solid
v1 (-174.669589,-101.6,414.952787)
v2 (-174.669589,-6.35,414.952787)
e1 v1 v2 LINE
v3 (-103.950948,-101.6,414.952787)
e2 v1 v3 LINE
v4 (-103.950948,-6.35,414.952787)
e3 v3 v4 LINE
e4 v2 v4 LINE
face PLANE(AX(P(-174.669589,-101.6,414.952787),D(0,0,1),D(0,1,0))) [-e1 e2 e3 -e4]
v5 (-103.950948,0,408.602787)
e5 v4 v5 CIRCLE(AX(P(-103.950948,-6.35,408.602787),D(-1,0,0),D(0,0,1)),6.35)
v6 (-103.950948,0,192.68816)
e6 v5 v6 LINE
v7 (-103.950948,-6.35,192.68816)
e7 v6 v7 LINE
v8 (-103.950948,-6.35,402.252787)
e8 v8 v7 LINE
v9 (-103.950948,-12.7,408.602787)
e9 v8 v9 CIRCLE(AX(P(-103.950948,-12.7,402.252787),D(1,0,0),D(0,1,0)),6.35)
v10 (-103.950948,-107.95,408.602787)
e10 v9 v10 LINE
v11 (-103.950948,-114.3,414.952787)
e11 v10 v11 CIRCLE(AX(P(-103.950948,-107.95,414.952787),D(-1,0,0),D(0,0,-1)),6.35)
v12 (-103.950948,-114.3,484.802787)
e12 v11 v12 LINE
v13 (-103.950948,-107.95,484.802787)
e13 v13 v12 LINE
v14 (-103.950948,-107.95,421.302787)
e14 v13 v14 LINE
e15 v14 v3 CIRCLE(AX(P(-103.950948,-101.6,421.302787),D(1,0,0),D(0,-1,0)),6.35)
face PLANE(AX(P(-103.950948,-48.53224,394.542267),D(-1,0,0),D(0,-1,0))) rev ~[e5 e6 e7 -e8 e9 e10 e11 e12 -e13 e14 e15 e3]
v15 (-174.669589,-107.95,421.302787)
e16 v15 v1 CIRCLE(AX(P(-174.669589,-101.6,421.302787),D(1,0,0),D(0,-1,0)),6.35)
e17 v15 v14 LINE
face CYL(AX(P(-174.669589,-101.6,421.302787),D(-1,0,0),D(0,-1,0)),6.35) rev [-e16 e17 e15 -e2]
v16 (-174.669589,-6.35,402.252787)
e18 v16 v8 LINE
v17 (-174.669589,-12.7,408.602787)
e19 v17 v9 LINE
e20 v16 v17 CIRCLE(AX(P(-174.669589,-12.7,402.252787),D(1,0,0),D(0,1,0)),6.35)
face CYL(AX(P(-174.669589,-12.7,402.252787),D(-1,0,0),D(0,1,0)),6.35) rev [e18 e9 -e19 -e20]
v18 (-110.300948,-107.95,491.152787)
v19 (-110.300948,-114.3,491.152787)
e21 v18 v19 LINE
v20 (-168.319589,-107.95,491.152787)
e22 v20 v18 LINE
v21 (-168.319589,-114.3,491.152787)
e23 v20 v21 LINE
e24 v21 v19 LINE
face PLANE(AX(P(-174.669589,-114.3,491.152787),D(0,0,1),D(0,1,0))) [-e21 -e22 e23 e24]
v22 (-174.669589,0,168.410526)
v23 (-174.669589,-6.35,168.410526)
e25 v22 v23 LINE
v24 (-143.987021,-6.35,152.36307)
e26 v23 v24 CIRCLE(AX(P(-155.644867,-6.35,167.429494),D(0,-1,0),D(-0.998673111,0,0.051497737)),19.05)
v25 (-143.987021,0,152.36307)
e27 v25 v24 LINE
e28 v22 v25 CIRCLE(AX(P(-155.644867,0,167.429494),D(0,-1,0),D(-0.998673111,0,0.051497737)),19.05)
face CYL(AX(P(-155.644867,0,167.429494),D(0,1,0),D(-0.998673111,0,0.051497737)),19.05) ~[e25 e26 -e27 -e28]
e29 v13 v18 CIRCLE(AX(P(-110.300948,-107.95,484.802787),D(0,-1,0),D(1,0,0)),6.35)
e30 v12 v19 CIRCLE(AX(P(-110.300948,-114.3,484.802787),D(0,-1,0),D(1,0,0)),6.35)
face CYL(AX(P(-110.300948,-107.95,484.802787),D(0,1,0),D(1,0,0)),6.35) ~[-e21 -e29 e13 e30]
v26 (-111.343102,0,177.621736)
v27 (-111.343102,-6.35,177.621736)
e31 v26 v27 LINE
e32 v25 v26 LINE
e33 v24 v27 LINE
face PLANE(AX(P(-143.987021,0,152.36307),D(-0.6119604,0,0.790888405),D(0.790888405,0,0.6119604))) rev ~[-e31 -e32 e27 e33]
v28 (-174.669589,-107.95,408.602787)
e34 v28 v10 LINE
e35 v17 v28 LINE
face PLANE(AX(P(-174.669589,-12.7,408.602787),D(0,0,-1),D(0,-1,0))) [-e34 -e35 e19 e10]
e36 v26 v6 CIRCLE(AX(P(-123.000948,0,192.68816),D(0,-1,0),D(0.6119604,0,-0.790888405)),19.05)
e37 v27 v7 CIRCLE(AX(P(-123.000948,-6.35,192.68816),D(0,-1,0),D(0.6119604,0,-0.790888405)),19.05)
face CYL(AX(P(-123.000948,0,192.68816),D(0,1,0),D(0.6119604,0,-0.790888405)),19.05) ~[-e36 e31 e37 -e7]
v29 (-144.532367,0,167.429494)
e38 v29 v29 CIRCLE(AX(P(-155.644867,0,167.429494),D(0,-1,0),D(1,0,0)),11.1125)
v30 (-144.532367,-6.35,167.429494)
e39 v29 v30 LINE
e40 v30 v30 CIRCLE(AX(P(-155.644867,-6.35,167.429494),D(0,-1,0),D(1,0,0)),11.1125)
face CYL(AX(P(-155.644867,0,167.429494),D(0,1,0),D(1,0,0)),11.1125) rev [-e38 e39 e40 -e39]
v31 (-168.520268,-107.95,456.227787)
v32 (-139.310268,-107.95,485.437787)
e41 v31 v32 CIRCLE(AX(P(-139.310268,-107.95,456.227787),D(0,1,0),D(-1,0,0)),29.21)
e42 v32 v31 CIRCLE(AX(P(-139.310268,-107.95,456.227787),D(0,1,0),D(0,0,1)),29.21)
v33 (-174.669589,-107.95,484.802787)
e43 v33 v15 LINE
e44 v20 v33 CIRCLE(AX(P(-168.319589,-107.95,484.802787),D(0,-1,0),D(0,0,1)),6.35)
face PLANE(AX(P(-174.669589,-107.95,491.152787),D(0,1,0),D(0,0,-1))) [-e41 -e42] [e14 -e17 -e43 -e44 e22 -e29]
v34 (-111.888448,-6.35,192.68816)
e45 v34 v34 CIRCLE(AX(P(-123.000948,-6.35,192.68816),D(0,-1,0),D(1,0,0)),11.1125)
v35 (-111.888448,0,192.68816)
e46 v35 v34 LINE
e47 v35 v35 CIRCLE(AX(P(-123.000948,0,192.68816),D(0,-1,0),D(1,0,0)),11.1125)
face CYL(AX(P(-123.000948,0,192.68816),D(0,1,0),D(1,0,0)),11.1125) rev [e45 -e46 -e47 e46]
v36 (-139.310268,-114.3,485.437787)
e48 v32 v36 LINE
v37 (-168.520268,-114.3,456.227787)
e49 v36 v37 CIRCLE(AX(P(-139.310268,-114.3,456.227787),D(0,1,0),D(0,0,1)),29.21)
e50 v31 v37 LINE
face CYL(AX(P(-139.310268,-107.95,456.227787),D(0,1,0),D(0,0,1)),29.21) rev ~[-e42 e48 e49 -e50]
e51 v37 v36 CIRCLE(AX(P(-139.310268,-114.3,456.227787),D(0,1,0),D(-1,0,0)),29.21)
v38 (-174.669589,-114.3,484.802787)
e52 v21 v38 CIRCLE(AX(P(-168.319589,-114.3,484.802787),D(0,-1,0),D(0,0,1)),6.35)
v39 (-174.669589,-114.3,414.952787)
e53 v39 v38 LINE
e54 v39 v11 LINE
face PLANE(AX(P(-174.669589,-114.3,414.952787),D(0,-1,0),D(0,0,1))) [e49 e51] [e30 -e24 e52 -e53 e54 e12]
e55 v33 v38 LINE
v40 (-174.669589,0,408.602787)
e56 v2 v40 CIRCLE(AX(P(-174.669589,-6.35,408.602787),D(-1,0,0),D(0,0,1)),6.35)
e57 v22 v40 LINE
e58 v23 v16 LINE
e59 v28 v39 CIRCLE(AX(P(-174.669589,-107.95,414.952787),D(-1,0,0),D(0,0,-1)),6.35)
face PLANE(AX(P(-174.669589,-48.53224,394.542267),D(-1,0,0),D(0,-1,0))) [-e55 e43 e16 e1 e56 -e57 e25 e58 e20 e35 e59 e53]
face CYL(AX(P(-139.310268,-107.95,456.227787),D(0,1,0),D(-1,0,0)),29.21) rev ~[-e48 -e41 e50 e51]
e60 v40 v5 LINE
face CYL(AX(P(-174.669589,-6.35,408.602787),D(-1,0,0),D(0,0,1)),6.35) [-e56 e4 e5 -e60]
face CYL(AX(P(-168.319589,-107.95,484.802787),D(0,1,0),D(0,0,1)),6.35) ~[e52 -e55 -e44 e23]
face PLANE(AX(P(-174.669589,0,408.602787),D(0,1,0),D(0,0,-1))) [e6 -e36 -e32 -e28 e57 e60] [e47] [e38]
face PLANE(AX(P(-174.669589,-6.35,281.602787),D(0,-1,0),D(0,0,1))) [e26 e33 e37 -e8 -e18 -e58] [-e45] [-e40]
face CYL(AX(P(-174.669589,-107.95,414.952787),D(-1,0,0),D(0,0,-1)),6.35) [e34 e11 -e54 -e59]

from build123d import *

# Parameters (mm, degrees)
F0_R     = 11.1125
F1_DEPTH = 6.35
F3_DEPTH = 70.7186416791
F5_DEPTH = 6.35
F7_DEPTH = 6.35


with BuildPart() as f1:
    # F0 (on Front) → F1 (new body)
    with BuildSketch(Plane.XZ):
        with BuildLine():
            Line((-174.6695893067, 281.6027870952), (-174.6695893067, 168.4105260595))
            ThreePointArc((-174.6695893067, 168.4105260595), (-164.4736790686, 150.5488967565), (-143.9870209187, 152.3630700653))
            Line((-143.9870209187, 152.3630700653), (-111.3431020089, 177.6217355725))
            ThreePointArc((-111.3431020089, 177.6217355725), (-105.8985434247, 184.2970768892), (-103.9509476276, 192.6881596848))
            Line((-103.9509476276, 192.6881596848), (-103.9509476276, 281.6027870952))
            Line((-103.9509476276, 281.6027870952), (-174.6695893067, 281.6027870952))
        make_face()
        with Locations((-155.6448665375, 167.4294941775)):
            Circle(F0_R, mode=Mode.SUBTRACT)
        with Locations((-123.0009476276, 192.6881596848)):
            Circle(F0_R, mode=Mode.SUBTRACT)
    extrude(amount=F1_DEPTH)

    # F2 (on face) → F3 (join, through all)
    with BuildSketch(Plane(origin=(-174.6695893067, 0, 0), x_dir=(0, -1, 0), z_dir=(-1, 0, 0))):
        with BuildLine():
            Line((0, 408.6027870952), (0, 281.6027870952))
            Line((0, 281.6027870952), (6.35, 281.6027870952))
            Line((6.35, 281.6027870952), (6.35, 402.2527870952))
            ThreePointArc((6.35, 402.2527870952), (8.2098719395, 406.7429151557), (12.7, 408.6027870952))
            Line((12.7, 408.6027870952), (107.95, 408.6027870952))
            ThreePointArc((107.95, 408.6027870952), (112.4401280605, 410.4626590346), (114.3, 414.9527870952))
            Line((114.3, 414.9527870952), (114.3, 491.1527870952))
            Line((114.3, 491.1527870952), (107.95, 491.1527870952))
            Line((107.95, 491.1527870952), (107.95, 421.3027870952))
            ThreePointArc((107.95, 421.3027870952), (106.0901280605, 416.8126590346), (101.6, 414.9527870952))
            Line((101.6, 414.9527870952), (6.35, 414.9527870952))
            ThreePointArc((6.35, 414.9527870952), (1.8598719395, 413.0929151557), (0, 408.6027870952))
        make_face()
    extrude(amount=-F3_DEPTH)

    # F4 (on face) → F5 (cut, through all)
    with BuildSketch(Plane(origin=(0, -107.95, 0), x_dir=(-1, 0, 0), z_dir=(0, 1, 0))):
        with BuildLine():
            ThreePointArc((139.3102684671, 485.4377870952), (118.6556793887, 435.5731980167), (168.5202684671, 456.2277870952))
            ThreePointArc((168.5202684671, 456.2277870952), (159.9648575456, 476.8823761736), (139.3102684671, 485.4377870952))
        make_face()
    extrude(amount=-F5_DEPTH, mode=Mode.SUBTRACT)

    # F6 (on face) → F7 (cut, through all)
    with BuildSketch(Plane(origin=(0, -107.95, 0), x_dir=(-1, 0, 0), z_dir=(0, 1, 0))):
        with BuildLine():
            ThreePointArc((103.9509476276, 484.8027870952), (105.8108195671, 489.2929151557), (110.3009476276, 491.1527870952))
            Line((110.3009476276, 491.1527870952), (103.9509476276, 491.1527870952))
            Line((103.9509476276, 491.1527870952), (103.9509476276, 484.8027870952))
        make_face()
        with BuildLine():
            Line((174.6695893067, 491.1527870952), (168.3195893067, 491.1527870952))
            ThreePointArc((168.3195893067, 491.1527870952), (172.8097173672, 489.2929151557), (174.6695893067, 484.8027870952))
            Line((174.6695893067, 484.8027870952), (174.6695893067, 491.1527870952))
        make_face()
    extrude(amount=-F7_DEPTH, mode=Mode.SUBTRACT)


solid = f1.part
